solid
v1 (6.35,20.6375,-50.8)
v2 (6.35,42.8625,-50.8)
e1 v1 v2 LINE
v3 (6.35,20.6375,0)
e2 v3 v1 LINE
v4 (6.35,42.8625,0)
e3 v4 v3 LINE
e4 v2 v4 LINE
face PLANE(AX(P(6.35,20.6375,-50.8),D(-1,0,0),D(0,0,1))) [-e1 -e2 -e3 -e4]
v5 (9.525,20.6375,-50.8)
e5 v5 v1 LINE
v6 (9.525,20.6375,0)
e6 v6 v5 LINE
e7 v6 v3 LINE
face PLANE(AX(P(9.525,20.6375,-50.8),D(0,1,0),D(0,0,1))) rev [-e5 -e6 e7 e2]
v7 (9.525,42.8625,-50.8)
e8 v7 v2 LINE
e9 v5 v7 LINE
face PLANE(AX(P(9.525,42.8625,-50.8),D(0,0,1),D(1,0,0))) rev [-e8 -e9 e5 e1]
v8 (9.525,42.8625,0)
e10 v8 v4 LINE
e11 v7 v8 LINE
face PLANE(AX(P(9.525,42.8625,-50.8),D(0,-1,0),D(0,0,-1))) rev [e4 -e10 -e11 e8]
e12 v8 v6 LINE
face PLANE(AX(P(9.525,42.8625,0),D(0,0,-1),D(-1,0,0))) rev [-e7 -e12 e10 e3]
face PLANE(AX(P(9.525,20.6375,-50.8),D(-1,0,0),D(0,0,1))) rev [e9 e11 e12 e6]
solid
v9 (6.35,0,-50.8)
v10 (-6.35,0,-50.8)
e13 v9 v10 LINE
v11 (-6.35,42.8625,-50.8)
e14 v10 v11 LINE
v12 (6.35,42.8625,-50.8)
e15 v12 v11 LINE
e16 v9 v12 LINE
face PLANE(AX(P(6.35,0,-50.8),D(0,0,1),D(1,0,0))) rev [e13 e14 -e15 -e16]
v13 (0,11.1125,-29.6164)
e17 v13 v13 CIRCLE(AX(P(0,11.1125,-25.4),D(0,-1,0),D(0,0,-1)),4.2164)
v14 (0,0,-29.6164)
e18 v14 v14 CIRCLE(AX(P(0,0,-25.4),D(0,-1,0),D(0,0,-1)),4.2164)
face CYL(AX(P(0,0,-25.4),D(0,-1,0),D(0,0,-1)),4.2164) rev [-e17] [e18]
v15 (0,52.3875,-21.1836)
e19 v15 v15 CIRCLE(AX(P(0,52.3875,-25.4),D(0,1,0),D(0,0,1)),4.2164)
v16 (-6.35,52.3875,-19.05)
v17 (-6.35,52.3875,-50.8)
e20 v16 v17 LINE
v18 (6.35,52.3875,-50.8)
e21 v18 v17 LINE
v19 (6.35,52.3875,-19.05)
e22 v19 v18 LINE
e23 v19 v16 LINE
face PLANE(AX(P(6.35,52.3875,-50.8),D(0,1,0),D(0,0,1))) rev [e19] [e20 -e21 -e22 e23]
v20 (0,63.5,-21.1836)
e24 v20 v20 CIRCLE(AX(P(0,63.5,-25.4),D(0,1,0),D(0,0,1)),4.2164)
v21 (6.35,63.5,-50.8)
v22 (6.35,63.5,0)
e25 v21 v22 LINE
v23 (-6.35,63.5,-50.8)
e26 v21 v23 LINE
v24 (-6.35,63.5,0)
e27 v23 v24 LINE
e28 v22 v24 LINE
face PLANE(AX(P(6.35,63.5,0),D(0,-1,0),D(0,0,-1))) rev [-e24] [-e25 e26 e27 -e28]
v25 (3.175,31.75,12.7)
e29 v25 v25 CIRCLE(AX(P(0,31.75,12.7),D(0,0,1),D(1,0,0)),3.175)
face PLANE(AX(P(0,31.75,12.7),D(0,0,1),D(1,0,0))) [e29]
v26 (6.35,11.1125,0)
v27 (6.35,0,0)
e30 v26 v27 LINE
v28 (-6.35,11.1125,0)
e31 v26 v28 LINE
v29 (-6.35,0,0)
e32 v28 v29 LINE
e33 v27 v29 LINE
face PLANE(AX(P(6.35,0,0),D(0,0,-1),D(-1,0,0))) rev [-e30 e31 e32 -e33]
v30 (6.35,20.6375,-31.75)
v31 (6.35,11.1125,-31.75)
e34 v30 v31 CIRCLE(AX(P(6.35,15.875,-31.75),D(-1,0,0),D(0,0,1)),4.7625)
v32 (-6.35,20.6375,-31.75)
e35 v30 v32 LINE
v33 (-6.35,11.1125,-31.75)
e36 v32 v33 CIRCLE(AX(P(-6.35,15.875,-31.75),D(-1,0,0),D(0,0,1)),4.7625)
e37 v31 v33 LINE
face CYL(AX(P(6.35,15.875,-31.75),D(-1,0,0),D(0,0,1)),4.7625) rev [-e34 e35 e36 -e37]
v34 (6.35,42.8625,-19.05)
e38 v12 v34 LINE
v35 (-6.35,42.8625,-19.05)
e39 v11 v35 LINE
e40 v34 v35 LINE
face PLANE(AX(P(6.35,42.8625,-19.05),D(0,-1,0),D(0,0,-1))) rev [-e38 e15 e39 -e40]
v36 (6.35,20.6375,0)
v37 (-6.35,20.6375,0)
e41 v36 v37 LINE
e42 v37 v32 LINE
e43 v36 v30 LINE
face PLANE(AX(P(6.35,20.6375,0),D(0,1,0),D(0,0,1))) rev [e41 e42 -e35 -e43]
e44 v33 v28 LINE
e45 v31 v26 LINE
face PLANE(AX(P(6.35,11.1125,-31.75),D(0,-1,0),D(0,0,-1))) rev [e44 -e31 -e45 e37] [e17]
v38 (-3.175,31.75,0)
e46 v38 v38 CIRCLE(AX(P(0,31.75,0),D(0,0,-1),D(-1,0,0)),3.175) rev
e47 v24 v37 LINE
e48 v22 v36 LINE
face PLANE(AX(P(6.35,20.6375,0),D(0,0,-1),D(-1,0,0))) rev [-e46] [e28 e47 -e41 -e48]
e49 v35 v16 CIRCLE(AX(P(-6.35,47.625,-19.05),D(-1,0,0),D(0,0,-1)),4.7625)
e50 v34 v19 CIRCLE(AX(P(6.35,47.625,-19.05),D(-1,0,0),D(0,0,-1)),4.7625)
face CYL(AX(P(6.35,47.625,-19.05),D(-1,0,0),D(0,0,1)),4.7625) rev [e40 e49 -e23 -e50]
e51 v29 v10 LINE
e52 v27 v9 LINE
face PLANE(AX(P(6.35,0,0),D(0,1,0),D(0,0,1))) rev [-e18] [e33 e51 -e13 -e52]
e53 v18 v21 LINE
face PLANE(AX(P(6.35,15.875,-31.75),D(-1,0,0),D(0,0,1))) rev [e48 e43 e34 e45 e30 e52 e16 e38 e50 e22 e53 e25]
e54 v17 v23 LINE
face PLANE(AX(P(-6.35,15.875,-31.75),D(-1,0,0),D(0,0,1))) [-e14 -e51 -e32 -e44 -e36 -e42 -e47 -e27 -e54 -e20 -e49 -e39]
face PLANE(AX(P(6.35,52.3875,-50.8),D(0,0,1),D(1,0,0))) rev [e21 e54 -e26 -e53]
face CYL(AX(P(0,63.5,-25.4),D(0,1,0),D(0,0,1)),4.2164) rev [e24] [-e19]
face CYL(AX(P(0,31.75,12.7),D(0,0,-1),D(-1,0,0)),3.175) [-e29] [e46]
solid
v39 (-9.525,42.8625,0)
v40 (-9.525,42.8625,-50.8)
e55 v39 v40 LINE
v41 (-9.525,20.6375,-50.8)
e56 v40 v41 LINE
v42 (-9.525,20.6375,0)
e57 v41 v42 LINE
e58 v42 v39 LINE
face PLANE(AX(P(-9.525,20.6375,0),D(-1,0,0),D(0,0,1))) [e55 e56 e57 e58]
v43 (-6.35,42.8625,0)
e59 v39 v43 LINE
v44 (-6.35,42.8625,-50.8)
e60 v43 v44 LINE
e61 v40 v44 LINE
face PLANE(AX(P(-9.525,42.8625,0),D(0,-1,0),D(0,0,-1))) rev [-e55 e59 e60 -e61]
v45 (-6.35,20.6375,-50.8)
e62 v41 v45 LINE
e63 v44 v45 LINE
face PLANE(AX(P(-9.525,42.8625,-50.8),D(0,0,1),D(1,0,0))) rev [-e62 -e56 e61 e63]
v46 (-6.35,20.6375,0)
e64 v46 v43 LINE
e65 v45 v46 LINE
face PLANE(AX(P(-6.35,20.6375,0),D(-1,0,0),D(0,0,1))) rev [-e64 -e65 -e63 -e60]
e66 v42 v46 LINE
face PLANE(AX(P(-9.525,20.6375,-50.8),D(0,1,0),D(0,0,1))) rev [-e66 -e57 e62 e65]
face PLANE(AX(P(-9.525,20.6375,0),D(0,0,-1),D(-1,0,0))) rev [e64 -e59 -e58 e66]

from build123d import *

# Parameters (mm, degrees)
EXTRUDE1_DEPTH = 6.35
SKETCH2_W      = 50.8
SKETCH2_H      = 22.225
EXTRUDE2_DEPTH = 3.175
SKETCH3_W      = 50.8
SKETCH3_H      = 22.225
EXTRUDE3_DEPTH = 3.175
SKETCH4_W      = 4.2164
SKETCH4_H      = 11.1125
SKETCH8_W      = 4.2164
SKETCH8_H      = 11.1125
SKETCH10_R     = 3.175
EXTRUDE4_DEPTH = 12.7


with BuildPart() as part:
    # Sketch1 → Extrude1 (new, symmetric)
    with BuildSketch(Plane(origin=(0, 0, 0), x_dir=(0, 0, -1), z_dir=(1, 0, 0))):
        with BuildLine():
            Line((50.8, 52.3875), (19.05, 52.3875))
            ThreePointArc((19.05, 52.3875), (14.2875, 47.625), (19.05, 42.8625))
            Line((19.05, 42.8625), (50.8, 42.8625))
            Line((50.8, 42.8625), (50.8, 0))
            Line((50.8, 0), (0, 0))
            Line((0, 0), (0, 11.1125))
            Line((0, 11.1125), (31.75, 11.1125))
            ThreePointArc((31.75, 11.1125), (36.5125, 15.875), (31.75, 20.6375))
            Line((31.75, 20.6375), (0, 20.6375))
            Line((0, 20.6375), (0, 63.5))
            Line((0, 63.5), (50.8, 63.5))
            Line((50.8, 63.5), (50.8, 52.3875))
        make_face()
    extrude(amount=EXTRUDE1_DEPTH, both=True)

    # Sketch4 → 3/8-24 Tapped Hole1 (revolve, cut)
    with BuildSketch(Plane(origin=(0, 63.5, -25.4), x_dir=(0, 0, 1), z_dir=(1, 0, 0))):
        with Locations((2.1082, 5.55625)):
            Rectangle(SKETCH4_W, SKETCH4_H)
    revolve(axis=Axis((0, 69.85, -25.4), (0, -1, 0)), mode=Mode.SUBTRACT)

    # Sketch8 → 3/8-24 Tapped Hole2 (revolve, cut)
    with BuildSketch(Plane(origin=(0, 0, -25.4), x_dir=(0, 0, -1), z_dir=(1, 0, 0))):
        with Locations((2.1082, 5.55625)):
            Rectangle(SKETCH8_W, SKETCH8_H)
    revolve(axis=Axis((0, -6.35, -25.4), (0, 1, 0)), mode=Mode.SUBTRACT)

    # Sketch10 → Extrude4 (add)
    with BuildSketch(Plane.XY):
        with Locations(Location((0, 31.75, 0), (0, 0, 180))):
            Circle(SKETCH10_R)
    extrude(amount=EXTRUDE4_DEPTH)


with BuildPart() as body_2:
    # Sketch2 → Extrude2 (new body)
    with BuildSketch(Plane(origin=(6.35, 0, 0), x_dir=(0, 0, -1), z_dir=(1, 0, 0))):
        with Locations((25.4, 31.75)):
            Rectangle(SKETCH2_W, SKETCH2_H)
    extrude(amount=EXTRUDE2_DEPTH)


with BuildPart() as body_3:
    # Sketch3 → Extrude3 (new body)
    with BuildSketch(Plane.ZY.offset(6.35)):
        with Locations((-25.4, 31.75)):
            Rectangle(SKETCH3_W, SKETCH3_H)
    extrude(amount=EXTRUDE3_DEPTH)


solid = Compound([part.part, body_2.part, body_3.part])
